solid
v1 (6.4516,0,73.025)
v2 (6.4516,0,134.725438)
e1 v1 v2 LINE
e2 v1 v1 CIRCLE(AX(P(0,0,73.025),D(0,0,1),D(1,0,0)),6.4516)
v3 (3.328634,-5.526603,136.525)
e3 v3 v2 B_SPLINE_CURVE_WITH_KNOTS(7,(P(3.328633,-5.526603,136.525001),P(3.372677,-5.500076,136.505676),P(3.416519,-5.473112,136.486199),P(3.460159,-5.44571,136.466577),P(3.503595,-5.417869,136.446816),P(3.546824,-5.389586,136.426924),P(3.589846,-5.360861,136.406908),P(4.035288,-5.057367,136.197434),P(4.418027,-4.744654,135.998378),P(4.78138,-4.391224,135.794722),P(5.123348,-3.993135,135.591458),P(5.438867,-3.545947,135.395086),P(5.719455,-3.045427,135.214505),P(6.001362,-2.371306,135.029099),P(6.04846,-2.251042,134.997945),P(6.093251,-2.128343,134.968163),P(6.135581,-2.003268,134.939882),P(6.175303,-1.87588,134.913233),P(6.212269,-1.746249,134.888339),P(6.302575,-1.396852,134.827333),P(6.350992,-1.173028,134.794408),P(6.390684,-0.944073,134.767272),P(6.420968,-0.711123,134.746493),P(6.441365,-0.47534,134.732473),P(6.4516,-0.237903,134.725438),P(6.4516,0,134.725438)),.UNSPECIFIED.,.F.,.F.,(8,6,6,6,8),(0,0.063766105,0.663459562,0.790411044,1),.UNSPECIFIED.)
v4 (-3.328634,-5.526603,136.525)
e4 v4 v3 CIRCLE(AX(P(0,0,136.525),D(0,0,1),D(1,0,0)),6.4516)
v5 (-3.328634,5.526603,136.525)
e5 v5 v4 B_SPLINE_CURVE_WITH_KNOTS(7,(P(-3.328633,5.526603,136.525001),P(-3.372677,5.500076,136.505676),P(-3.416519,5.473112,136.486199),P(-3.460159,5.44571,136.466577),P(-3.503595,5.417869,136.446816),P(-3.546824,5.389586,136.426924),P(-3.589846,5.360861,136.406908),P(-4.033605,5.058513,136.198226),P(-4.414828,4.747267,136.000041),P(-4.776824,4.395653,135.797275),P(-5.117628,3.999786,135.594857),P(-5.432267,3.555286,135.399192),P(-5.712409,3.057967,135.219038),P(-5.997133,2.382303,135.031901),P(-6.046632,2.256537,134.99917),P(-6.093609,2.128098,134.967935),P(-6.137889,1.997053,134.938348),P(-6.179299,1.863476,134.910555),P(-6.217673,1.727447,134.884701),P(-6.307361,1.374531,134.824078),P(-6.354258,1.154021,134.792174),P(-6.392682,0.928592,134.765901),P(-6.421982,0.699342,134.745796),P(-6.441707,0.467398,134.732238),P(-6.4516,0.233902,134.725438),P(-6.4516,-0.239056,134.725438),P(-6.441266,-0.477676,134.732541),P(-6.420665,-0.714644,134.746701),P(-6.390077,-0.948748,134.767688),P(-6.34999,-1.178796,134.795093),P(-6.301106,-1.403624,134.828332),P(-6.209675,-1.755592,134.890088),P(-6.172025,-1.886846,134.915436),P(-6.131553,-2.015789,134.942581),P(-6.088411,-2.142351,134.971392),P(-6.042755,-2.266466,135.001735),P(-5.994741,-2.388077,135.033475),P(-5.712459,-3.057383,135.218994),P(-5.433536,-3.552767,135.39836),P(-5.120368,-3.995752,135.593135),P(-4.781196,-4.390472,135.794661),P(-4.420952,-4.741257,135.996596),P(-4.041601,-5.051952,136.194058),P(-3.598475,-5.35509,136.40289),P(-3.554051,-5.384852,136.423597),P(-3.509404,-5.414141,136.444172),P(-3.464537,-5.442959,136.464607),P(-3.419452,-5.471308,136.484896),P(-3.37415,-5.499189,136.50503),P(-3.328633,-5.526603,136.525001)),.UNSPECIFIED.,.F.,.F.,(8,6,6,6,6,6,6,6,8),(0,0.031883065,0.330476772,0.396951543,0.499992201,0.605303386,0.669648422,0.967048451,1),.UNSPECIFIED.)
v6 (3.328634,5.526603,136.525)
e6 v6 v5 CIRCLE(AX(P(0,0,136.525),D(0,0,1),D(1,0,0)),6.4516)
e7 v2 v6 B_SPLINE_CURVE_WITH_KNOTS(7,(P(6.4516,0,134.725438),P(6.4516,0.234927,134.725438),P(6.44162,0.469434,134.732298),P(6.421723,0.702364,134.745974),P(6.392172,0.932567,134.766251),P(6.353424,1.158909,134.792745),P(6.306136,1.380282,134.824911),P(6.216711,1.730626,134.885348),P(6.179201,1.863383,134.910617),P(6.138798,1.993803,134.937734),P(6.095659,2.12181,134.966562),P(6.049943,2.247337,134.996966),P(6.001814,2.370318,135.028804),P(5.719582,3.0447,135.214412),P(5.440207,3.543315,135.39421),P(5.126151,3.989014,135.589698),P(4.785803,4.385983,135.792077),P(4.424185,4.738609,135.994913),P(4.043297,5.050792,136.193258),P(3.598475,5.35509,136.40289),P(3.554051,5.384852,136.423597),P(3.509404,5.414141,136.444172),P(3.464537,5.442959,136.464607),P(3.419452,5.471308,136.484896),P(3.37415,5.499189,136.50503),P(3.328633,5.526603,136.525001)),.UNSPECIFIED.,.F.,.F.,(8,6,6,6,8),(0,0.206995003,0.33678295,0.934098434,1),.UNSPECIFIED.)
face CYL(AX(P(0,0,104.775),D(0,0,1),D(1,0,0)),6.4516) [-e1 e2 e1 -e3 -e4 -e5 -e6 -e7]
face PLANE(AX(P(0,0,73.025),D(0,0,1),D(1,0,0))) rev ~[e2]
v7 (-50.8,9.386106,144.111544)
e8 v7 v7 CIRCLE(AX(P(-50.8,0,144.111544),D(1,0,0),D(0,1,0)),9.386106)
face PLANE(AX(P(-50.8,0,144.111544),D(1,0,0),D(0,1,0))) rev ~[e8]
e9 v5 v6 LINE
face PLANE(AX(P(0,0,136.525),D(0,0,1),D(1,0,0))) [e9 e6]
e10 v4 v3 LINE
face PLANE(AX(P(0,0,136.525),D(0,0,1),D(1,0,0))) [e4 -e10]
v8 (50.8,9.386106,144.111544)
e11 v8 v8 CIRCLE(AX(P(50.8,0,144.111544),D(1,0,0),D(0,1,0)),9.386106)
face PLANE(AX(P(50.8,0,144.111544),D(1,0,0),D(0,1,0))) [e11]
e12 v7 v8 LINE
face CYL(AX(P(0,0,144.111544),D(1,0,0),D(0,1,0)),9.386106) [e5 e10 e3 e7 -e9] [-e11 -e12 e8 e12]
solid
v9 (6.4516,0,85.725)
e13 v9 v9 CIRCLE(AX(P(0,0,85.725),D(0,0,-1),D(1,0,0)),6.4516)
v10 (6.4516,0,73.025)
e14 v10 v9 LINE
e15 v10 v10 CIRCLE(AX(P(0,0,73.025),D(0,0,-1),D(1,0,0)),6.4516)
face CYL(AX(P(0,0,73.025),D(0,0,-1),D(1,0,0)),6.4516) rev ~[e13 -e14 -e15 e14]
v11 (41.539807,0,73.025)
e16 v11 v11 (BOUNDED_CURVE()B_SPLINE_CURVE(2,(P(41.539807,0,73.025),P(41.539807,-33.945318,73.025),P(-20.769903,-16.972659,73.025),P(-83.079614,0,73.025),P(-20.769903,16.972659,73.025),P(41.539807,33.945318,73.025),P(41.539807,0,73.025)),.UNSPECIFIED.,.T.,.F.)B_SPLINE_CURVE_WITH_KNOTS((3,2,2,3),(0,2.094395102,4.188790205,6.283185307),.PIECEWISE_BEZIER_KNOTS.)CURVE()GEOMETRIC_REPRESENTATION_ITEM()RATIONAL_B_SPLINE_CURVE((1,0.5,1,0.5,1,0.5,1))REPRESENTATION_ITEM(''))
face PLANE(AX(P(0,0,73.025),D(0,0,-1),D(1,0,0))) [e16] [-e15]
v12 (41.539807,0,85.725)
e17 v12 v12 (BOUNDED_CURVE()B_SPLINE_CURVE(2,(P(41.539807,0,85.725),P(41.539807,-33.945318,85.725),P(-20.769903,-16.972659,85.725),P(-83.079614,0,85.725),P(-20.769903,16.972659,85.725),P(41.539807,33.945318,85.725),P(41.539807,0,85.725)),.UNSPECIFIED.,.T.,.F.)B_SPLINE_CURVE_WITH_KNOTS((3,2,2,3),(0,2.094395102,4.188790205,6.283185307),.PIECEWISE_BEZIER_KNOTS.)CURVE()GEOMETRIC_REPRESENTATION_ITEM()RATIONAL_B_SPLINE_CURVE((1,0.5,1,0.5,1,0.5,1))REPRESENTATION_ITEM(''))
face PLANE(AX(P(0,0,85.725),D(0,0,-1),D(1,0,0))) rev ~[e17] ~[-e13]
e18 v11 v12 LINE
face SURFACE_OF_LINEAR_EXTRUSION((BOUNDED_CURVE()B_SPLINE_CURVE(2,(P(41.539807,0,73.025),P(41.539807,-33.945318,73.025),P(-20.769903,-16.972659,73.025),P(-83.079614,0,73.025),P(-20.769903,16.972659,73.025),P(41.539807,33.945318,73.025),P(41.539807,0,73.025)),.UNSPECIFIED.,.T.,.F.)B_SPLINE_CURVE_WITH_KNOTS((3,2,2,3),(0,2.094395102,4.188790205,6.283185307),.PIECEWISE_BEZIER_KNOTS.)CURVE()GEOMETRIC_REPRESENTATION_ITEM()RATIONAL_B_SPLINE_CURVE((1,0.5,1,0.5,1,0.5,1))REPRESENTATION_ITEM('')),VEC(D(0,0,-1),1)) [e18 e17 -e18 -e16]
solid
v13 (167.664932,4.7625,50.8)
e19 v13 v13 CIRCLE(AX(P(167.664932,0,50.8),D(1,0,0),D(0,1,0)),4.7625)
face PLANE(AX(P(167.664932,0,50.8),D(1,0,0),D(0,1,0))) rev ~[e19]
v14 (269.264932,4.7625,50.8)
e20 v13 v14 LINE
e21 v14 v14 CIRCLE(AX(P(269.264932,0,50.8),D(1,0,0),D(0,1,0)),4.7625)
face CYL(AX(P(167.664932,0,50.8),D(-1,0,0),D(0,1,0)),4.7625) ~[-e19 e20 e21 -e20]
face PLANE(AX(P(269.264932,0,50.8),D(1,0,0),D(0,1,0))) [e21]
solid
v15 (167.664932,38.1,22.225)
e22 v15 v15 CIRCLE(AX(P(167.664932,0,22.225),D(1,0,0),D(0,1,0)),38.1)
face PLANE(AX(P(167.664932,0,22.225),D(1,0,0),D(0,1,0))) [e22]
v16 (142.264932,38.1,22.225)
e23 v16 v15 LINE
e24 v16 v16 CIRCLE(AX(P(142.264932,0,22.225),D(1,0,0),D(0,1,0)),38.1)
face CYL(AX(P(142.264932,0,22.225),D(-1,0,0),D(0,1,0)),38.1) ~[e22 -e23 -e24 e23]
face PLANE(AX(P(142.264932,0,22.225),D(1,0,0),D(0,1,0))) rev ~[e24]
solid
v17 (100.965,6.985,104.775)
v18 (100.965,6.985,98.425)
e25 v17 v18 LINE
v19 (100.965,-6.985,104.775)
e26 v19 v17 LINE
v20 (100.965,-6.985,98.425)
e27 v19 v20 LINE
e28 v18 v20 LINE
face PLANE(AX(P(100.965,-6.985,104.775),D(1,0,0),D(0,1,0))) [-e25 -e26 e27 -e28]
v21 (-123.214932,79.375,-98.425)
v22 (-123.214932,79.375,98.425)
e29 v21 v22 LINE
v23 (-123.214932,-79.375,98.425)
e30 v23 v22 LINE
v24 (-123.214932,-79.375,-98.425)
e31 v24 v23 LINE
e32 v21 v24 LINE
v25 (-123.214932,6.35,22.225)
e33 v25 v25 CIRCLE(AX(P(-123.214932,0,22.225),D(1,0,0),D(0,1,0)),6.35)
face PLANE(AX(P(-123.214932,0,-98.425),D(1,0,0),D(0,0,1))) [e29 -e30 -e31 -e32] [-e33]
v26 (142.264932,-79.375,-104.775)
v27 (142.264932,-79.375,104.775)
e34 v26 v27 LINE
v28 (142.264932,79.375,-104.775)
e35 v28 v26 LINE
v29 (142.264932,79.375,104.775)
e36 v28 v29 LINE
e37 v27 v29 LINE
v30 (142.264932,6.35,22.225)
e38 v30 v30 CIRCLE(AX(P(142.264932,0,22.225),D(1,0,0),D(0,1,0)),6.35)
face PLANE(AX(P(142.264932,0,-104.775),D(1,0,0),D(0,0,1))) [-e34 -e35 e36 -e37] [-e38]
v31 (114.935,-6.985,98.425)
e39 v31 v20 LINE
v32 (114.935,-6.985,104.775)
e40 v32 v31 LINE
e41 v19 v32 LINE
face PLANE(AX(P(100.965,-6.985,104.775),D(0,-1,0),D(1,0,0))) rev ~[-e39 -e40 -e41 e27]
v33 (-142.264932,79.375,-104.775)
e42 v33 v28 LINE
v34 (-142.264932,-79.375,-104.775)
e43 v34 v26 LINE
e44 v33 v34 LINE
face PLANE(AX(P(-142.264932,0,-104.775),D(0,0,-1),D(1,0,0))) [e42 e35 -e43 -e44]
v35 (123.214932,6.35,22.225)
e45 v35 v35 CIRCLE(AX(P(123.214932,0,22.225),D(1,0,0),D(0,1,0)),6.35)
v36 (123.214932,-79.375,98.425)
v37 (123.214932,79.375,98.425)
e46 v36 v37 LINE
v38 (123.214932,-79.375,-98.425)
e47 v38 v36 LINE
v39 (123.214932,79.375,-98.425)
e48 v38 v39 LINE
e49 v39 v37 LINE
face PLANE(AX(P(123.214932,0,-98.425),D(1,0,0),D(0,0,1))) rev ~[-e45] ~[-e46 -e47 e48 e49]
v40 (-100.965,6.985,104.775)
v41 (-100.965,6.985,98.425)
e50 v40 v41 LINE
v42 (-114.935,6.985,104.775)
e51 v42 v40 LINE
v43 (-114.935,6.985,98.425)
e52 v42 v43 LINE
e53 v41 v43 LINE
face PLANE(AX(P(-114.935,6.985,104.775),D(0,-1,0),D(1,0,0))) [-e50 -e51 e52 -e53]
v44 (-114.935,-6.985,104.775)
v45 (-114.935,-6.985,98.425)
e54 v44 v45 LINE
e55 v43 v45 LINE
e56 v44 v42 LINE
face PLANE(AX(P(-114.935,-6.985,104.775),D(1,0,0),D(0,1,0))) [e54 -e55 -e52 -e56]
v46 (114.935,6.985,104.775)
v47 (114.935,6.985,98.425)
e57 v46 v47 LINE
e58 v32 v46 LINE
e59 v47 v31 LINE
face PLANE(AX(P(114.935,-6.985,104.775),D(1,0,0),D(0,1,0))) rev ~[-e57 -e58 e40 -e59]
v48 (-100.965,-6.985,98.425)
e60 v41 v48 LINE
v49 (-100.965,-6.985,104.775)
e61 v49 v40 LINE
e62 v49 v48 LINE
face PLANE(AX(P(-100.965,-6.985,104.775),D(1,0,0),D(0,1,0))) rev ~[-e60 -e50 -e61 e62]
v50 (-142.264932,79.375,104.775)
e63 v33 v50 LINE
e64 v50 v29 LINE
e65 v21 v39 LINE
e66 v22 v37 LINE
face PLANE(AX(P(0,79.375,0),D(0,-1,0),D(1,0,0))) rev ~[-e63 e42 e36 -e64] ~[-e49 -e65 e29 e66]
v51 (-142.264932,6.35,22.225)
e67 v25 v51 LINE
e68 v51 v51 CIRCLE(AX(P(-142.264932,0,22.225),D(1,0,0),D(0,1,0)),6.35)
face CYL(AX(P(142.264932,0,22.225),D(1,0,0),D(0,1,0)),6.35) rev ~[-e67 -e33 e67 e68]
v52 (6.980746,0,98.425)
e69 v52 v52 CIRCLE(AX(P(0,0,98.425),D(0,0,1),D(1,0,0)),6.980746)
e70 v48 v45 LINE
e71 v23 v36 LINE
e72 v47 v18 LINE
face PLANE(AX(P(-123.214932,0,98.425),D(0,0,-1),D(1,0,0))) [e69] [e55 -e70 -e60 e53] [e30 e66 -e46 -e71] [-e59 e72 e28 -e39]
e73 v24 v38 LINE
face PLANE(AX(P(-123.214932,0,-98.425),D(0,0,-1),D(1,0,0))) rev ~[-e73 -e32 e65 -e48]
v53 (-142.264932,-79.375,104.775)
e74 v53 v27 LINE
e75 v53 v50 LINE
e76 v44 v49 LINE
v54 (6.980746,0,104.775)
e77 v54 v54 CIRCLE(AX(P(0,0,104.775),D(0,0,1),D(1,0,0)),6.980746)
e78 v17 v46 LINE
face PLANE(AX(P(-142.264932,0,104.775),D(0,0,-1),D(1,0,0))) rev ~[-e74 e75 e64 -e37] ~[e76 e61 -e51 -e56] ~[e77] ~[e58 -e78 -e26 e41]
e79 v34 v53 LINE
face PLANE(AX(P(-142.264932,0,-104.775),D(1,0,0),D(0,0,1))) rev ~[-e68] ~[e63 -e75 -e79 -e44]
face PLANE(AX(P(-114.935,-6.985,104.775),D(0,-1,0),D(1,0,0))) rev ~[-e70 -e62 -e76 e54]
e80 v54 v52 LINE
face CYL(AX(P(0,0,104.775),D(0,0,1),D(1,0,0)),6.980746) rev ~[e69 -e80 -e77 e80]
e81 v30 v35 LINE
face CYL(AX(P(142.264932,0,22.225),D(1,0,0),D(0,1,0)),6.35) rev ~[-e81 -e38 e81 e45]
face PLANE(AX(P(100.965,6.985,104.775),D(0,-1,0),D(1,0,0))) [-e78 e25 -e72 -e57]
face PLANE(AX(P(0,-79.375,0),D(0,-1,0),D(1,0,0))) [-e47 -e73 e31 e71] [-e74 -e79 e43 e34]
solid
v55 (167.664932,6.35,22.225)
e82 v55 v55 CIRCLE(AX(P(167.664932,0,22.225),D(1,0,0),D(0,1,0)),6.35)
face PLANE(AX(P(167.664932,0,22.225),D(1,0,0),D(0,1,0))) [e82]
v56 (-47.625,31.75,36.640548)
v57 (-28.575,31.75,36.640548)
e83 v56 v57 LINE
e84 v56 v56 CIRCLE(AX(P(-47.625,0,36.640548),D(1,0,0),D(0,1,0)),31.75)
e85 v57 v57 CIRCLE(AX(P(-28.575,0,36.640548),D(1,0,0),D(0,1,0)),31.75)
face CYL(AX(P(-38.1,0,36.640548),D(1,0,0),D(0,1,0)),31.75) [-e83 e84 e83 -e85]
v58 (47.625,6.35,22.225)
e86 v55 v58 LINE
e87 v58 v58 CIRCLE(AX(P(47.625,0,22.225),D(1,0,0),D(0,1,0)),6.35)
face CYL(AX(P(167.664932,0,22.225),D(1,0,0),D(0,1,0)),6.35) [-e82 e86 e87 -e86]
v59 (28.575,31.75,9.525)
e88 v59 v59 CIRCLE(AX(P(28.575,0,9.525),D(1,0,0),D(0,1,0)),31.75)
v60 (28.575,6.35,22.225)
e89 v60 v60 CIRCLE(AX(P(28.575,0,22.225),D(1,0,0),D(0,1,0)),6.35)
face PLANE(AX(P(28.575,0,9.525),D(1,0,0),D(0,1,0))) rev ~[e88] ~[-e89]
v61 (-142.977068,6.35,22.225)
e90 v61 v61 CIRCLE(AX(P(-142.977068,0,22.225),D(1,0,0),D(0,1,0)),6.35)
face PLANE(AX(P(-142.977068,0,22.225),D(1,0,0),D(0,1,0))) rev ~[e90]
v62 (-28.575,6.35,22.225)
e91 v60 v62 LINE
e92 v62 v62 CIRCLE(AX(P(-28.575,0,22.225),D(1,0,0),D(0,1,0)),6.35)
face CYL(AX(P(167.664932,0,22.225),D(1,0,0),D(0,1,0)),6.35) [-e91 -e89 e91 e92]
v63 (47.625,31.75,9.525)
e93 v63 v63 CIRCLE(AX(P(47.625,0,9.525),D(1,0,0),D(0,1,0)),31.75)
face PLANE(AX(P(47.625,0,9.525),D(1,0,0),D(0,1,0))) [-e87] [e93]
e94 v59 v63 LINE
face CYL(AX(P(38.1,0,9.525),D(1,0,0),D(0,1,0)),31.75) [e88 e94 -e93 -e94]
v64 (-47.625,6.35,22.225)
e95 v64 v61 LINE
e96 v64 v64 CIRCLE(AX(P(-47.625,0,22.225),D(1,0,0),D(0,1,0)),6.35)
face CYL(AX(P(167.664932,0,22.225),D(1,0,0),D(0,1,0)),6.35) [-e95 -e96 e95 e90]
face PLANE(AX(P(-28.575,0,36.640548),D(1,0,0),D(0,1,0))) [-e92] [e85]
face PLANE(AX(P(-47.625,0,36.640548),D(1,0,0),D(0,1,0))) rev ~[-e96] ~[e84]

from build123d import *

# Parameters (mm, degrees)
F0_W      = 284.5298647881
F0_H      = 209.55
F0_W_2    = 246.4298647881
F0_H_2    = 196.85
F1_DEPTH  = 79.375
F2_R      = 38.1
F3_DEPTH  = 25.4
F4_R      = 4.7625
F5_DEPTH  = 101.6
F6_R      = 6.35
F7_DEPTH  = 284.5308647881
F8_R      = 6.35
F9_DEPTH  = 310.642
F10_R     = 6.9807457545
F11_DEPTH = 25.4
F14_R     = 6.4516
F15_DEPTH = 31.75
F16_R     = 6.4516
F17_DEPTH = 12.7
F18_R     = 31.75
F18_R_2   = 6.35
F19_DEPTH = 9.525
F20_R     = 31.75
F20_R_2   = 6.35
F21_DEPTH = 9.525
F22_W     = 13.97
F22_H     = 13.97
F23_DEPTH = 38.1
F24_R     = 9.3861059633
F25_DEPTH = 50.8


with BuildPart() as f1:
    # F0 (on Front) → F1 (new body, symmetric)
    with BuildSketch(Plane.XZ):
        Rectangle(F0_W, F0_H)
        Rectangle(F0_W_2, F0_H_2, mode=Mode.SUBTRACT)
    extrude(amount=F1_DEPTH, both=True)

    # F6 (on face) → F7 (cut, through all)
    with BuildSketch(Plane.YZ.offset(142.264932394)):
        with Locations((0, 22.225)):
            Circle(F6_R)
    extrude(amount=-F7_DEPTH, mode=Mode.SUBTRACT)

    # F10 (on face) → F11 (cut)
    with BuildSketch(Plane.XY.offset(104.775)):
        Circle(F10_R)
    extrude(amount=-F11_DEPTH, mode=Mode.SUBTRACT)

    # F22 (on face) → F23 (cut)
    with BuildSketch(Plane.XY.offset(104.775)):
        with Locations((-107.95, 0)):
            Rectangle(F22_W, F22_H)
        with Locations((107.95, 0)):
            Rectangle(F22_W, F22_H)
    extrude(amount=-F23_DEPTH, mode=Mode.SUBTRACT)


with BuildPart() as f3:
    # F2 (on face) → F3 (new body)
    with BuildSketch(Plane.YZ.offset(142.264932394)):
        with Locations((0, 22.225)):
            Circle(F2_R)
    extrude(amount=F3_DEPTH)


with BuildPart() as f5:
    # F4 (on face) → F5 (new body)
    with BuildSketch(Plane.YZ.offset(167.664932394)):
        with Locations((0, 50.8)):
            Circle(F4_R)
    extrude(amount=F5_DEPTH)


with BuildPart() as f9:
    # F8 (on face) → F9 (new body)
    with BuildSketch(Plane.YZ.offset(167.664932394)):
        with Locations((0, 22.225)):
            Circle(F8_R)
    extrude(amount=-F9_DEPTH)

    # F18 (on offset) → F19 (join, symmetric)
    with BuildSketch(Plane.YZ.offset(38.1)):
        with Locations((0, 9.525)):
            Circle(F18_R)
        with Locations((0, 22.225)):
            Circle(F18_R_2, mode=Mode.SUBTRACT)
    extrude(amount=F19_DEPTH, both=True)

    # F20 (on offset) → F21 (join, symmetric)
    with BuildSketch(Plane.YZ.offset(-38.1)):
        with Locations((0, 36.6405477102)):
            Circle(F20_R)
        with Locations((0, 22.225)):
            Circle(F20_R_2, mode=Mode.SUBTRACT)
    extrude(amount=F21_DEPTH, both=True)


with BuildPart() as f15:
    # F14 (on face) → F15 (new body, symmetric)
    with BuildSketch(Plane.XY.offset(104.775)):
        Circle(F14_R)
    extrude(amount=F15_DEPTH, both=True)

    # F24 (on Right) → F25 (join, symmetric)
    with BuildSketch(Plane.YZ):
        with Locations((0, 144.1115438938)):
            Circle(F24_R)
    extrude(amount=F25_DEPTH, both=True)


with BuildPart() as f17:
    # F16 (on face) → F17 (new body)
    with BuildSketch(Plane(origin=(0, 0, 73.025), x_dir=(1, 0, 0), z_dir=(0, 0, -1))):
        with BuildLine():
            add(Edge.make_bspline(
                [(41.5398068726, 0), (41.5398068726, 33.9453180526), (-20.7699034363, 16.9726590263), (-83.0796137452, 0), (-20.7699034363, -16.9726590263), (41.5398068726, -33.9453180526), (41.5398068726, 0)],
                knots=[0, 0, 0, 2.0943951024, 2.0943951024, 4.1887902048, 4.1887902048, 6.2831853072, 6.2831853072, 6.2831853072], degree=2, weights=[1, 0.5, 1, 0.5, 1, 0.5, 1]))
        make_face()
        Circle(F16_R, mode=Mode.SUBTRACT)
    extrude(amount=-F17_DEPTH)


solid = Compound([f1.part, f3.part, f5.part, f9.part, f15.part, f17.part])
